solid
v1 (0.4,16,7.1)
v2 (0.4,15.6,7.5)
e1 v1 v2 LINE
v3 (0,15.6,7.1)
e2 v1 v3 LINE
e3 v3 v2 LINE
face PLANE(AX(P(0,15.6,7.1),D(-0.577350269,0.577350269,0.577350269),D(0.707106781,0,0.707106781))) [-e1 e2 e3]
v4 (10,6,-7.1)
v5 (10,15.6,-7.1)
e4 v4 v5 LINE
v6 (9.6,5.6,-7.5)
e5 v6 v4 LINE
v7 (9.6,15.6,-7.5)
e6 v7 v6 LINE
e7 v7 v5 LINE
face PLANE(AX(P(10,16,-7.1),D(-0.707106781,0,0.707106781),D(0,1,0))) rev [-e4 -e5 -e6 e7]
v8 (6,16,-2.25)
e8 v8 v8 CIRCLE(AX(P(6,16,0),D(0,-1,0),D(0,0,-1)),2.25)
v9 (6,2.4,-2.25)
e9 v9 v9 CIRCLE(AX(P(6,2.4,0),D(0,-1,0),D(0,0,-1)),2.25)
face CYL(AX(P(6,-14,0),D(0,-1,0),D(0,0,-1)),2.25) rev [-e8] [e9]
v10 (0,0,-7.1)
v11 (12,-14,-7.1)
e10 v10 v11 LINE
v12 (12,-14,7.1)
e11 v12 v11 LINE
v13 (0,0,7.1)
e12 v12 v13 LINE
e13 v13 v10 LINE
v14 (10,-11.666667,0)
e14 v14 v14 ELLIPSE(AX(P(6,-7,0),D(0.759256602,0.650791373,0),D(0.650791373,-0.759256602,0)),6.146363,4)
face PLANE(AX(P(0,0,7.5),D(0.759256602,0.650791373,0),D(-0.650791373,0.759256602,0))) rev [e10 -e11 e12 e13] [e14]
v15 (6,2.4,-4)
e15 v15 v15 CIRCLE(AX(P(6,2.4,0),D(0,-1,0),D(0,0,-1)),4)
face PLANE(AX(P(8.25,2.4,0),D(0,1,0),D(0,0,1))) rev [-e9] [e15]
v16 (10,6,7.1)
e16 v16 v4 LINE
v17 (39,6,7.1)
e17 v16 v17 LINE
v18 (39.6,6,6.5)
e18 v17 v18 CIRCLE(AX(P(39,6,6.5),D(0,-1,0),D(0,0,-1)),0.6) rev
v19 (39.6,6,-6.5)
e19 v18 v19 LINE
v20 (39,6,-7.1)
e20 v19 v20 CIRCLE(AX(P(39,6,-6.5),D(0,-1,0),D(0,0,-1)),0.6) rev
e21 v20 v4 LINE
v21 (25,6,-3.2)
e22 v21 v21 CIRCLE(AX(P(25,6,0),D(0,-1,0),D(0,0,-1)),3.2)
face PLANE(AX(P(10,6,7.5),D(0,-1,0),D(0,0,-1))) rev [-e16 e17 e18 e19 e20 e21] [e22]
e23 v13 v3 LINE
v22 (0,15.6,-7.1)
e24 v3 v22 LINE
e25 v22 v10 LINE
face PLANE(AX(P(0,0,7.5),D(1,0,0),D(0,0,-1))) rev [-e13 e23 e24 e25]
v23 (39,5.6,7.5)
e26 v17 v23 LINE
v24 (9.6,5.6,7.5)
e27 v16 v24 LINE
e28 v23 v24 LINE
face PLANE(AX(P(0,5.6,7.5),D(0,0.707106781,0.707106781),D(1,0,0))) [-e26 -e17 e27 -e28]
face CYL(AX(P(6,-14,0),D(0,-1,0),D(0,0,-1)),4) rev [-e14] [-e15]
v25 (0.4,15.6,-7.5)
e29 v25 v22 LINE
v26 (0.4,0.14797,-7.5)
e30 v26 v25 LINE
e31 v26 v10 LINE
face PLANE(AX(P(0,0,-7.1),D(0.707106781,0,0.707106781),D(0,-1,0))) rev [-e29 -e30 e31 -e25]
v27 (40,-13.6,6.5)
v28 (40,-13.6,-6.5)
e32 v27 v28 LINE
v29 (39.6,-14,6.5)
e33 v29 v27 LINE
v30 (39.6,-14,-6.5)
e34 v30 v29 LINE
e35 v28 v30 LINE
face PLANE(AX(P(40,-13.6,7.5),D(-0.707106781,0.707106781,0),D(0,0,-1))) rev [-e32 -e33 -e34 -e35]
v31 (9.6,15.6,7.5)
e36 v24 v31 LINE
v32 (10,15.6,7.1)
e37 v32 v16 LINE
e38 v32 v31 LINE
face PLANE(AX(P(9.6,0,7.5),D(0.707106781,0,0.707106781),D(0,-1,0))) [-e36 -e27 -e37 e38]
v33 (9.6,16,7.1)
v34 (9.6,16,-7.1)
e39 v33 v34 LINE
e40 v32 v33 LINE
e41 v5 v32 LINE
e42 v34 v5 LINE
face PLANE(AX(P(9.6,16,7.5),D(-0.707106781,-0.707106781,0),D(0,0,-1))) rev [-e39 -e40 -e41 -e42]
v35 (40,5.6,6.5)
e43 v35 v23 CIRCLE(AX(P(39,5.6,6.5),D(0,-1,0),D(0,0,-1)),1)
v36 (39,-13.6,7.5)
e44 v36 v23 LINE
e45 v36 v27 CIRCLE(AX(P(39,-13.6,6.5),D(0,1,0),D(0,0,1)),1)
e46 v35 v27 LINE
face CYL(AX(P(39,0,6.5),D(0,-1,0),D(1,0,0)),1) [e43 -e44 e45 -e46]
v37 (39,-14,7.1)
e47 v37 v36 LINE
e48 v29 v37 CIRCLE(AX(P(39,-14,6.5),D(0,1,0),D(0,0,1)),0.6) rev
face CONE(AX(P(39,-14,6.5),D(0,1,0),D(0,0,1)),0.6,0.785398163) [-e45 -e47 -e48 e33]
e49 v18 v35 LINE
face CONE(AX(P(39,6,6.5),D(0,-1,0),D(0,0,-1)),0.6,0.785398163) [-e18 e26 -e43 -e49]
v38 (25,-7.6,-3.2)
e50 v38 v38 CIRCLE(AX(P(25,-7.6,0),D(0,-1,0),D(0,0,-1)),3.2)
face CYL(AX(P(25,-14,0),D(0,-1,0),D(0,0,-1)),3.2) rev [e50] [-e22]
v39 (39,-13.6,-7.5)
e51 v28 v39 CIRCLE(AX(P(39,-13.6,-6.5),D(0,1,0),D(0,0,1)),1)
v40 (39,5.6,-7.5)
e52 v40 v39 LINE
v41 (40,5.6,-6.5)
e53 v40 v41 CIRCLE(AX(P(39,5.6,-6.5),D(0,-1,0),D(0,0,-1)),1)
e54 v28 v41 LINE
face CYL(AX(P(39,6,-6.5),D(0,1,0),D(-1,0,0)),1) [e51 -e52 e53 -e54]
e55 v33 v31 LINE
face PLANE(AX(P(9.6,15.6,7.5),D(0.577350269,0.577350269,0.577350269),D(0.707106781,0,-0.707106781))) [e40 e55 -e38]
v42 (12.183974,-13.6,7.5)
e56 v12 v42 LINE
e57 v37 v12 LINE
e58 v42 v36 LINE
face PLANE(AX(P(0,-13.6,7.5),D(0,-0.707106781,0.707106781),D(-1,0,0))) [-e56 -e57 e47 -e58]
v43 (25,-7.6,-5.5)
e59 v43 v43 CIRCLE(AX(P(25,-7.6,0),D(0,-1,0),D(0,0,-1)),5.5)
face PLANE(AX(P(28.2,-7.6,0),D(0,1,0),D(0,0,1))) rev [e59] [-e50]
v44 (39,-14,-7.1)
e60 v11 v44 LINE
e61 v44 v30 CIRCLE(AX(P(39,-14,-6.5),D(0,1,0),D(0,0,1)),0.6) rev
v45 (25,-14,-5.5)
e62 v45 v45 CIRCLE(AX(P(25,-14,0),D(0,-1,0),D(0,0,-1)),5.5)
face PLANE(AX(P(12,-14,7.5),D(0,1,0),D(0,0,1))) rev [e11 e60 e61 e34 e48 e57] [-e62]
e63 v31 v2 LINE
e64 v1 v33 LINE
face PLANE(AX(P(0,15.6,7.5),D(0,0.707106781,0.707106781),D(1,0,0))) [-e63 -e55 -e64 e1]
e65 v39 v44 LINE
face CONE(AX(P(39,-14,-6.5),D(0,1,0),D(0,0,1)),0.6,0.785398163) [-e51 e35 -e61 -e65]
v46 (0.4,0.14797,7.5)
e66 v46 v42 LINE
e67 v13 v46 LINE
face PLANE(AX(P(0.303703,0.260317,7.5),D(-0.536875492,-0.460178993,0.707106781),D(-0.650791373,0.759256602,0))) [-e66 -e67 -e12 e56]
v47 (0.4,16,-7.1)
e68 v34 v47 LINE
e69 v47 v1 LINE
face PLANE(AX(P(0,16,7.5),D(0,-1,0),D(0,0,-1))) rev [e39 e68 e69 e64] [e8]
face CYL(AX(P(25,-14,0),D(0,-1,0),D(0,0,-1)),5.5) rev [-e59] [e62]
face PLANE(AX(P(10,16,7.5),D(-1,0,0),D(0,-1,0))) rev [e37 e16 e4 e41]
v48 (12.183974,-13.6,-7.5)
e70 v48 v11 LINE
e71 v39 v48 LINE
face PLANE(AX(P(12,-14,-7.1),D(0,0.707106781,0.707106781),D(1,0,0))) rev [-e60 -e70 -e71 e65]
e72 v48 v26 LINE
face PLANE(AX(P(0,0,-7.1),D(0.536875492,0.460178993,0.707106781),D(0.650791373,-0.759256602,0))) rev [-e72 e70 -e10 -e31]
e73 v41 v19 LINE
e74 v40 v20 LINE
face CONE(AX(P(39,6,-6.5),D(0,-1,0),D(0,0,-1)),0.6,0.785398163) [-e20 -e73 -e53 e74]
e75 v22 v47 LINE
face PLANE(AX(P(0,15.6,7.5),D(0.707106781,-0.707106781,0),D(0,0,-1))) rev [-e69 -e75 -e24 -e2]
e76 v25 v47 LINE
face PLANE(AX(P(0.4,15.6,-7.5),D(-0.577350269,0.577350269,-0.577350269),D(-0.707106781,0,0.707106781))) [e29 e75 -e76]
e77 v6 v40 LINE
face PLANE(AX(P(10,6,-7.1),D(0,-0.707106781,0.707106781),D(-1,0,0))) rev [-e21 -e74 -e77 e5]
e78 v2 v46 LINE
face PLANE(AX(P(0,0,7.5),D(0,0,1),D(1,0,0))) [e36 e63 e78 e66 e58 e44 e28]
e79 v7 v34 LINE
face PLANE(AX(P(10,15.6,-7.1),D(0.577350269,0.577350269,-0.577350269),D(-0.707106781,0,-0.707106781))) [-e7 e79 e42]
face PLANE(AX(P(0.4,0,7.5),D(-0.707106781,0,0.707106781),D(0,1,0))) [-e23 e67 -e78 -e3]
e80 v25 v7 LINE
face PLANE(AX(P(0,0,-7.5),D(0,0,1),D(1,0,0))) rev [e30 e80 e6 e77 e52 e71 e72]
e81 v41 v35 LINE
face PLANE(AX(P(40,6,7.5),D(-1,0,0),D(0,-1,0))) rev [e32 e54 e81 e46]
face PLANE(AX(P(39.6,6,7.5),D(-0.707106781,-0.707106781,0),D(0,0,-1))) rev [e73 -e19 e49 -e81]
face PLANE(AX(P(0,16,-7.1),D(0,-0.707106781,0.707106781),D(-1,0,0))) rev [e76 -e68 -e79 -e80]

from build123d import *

# Parameters (mm, degrees)
BOSS_EXTRUDE1_DEPTH                                 = 7.5
CBORE_FOR_M6_HEX_SOCKET_HEAD_CAP_SCREW1_D           = 6.4
CBORE_FOR_M6_HEX_SOCKET_HEAD_CAP_SCREW1_CBORE_D     = 11
CBORE_FOR_M6_HEX_SOCKET_HEAD_CAP_SCREW1_CBORE_DEPTH = 6.4
TAP_DRILL_FOR_M4_TAP1_D                             = 3.3
CBORE_FOR_M4_HEX_SOCKET_HEAD_CAP_SCREW1_D           = 4.5
CBORE_FOR_M4_HEX_SOCKET_HEAD_CAP_SCREW1_DEPTH       = 30
CBORE_FOR_M4_HEX_SOCKET_HEAD_CAP_SCREW1_CBORE_D     = 8
CBORE_FOR_M4_HEX_SOCKET_HEAD_CAP_SCREW1_CBORE_DEPTH = 16.4
FILLET1_R                                           = 1
CHAMFER1_SIZE                                       = 0.4


with BuildPart() as part:
    # Sketch1 → Boss-Extrude1 (new, symmetric)
    with BuildSketch(Plane.XY):
        Polygon((0, 0), (0, 16), (10, 16), (10, 6), (40, 6), (40, 0), (40, -14), (12, -14), align=None)
    extrude(amount=BOSS_EXTRUDE1_DEPTH, both=True)

    # CBORE for M6 Hex Socket Head Cap Screw1 (through all)
    with Locations(Plane(origin=(0, -14, 0), x_dir=(-1, 0, 0), z_dir=(0, -1, 0))):
        with Locations((-25, 0)):
            CounterBoreHole(CBORE_FOR_M6_HEX_SOCKET_HEAD_CAP_SCREW1_D / 2, CBORE_FOR_M6_HEX_SOCKET_HEAD_CAP_SCREW1_CBORE_D / 2, CBORE_FOR_M6_HEX_SOCKET_HEAD_CAP_SCREW1_CBORE_DEPTH)

    # Tap Drill for M4 Tap1 (through all)
    with Locations(Plane(origin=(16, 16, 0), x_dir=(0, 0, 1), z_dir=(0, 1, 0))):
        with Locations((0, -10)):
            Hole(TAP_DRILL_FOR_M4_TAP1_D / 2)

    # CBORE for M4 Hex Socket Head Cap Screw1
    with Locations(Plane(origin=(0, -14, 0), x_dir=(-1, 0, 0), z_dir=(0, -1, 0))):
        with Locations((-6, 0)):
            CounterBoreHole(CBORE_FOR_M4_HEX_SOCKET_HEAD_CAP_SCREW1_D / 2, CBORE_FOR_M4_HEX_SOCKET_HEAD_CAP_SCREW1_CBORE_D / 2, CBORE_FOR_M4_HEX_SOCKET_HEAD_CAP_SCREW1_CBORE_DEPTH, depth=CBORE_FOR_M4_HEX_SOCKET_HEAD_CAP_SCREW1_DEPTH)

    # Fillet1
    fillet1_edges = [part.edges().sort_by_distance(p)[0] for p in [
        (40, -4, -7.5),
        (40, -4, 7.5),
    ]]
    fillet(fillet1_edges, radius=FILLET1_R)

    # Chamfer1
    chamfer1_edges = [part.edges().sort_by_distance(p)[0] for p in [
        (25.5, -14, -7.5),
        (6, -7, -7.5),
        (0, 16, 0),
        (10, 16, 0),
        (10, 11, 7.5),
        (5, 16, 7.5),
        (0, 8, 7.5),
        (6, -7, 7.5),
        (40, 6, 0),
        (40, -14, 0),
        (24.5, 6, -7.5),
        (24.5, 6, 7.5),
        (39.707106781, 6, 7.207106781),
        (39.707106781, 6, -7.207106781),
        (39.707106781, -14, 7.207106781),
        (39.707106781, -14, -7.207106781),
        (0, 8, -7.5),
        (25.5, -14, 7.5),
        (5, 16, -7.5),
        (10, 11, -7.5),
    ]]
    chamfer(chamfer1_edges, length=CHAMFER1_SIZE)


solid = part.part
